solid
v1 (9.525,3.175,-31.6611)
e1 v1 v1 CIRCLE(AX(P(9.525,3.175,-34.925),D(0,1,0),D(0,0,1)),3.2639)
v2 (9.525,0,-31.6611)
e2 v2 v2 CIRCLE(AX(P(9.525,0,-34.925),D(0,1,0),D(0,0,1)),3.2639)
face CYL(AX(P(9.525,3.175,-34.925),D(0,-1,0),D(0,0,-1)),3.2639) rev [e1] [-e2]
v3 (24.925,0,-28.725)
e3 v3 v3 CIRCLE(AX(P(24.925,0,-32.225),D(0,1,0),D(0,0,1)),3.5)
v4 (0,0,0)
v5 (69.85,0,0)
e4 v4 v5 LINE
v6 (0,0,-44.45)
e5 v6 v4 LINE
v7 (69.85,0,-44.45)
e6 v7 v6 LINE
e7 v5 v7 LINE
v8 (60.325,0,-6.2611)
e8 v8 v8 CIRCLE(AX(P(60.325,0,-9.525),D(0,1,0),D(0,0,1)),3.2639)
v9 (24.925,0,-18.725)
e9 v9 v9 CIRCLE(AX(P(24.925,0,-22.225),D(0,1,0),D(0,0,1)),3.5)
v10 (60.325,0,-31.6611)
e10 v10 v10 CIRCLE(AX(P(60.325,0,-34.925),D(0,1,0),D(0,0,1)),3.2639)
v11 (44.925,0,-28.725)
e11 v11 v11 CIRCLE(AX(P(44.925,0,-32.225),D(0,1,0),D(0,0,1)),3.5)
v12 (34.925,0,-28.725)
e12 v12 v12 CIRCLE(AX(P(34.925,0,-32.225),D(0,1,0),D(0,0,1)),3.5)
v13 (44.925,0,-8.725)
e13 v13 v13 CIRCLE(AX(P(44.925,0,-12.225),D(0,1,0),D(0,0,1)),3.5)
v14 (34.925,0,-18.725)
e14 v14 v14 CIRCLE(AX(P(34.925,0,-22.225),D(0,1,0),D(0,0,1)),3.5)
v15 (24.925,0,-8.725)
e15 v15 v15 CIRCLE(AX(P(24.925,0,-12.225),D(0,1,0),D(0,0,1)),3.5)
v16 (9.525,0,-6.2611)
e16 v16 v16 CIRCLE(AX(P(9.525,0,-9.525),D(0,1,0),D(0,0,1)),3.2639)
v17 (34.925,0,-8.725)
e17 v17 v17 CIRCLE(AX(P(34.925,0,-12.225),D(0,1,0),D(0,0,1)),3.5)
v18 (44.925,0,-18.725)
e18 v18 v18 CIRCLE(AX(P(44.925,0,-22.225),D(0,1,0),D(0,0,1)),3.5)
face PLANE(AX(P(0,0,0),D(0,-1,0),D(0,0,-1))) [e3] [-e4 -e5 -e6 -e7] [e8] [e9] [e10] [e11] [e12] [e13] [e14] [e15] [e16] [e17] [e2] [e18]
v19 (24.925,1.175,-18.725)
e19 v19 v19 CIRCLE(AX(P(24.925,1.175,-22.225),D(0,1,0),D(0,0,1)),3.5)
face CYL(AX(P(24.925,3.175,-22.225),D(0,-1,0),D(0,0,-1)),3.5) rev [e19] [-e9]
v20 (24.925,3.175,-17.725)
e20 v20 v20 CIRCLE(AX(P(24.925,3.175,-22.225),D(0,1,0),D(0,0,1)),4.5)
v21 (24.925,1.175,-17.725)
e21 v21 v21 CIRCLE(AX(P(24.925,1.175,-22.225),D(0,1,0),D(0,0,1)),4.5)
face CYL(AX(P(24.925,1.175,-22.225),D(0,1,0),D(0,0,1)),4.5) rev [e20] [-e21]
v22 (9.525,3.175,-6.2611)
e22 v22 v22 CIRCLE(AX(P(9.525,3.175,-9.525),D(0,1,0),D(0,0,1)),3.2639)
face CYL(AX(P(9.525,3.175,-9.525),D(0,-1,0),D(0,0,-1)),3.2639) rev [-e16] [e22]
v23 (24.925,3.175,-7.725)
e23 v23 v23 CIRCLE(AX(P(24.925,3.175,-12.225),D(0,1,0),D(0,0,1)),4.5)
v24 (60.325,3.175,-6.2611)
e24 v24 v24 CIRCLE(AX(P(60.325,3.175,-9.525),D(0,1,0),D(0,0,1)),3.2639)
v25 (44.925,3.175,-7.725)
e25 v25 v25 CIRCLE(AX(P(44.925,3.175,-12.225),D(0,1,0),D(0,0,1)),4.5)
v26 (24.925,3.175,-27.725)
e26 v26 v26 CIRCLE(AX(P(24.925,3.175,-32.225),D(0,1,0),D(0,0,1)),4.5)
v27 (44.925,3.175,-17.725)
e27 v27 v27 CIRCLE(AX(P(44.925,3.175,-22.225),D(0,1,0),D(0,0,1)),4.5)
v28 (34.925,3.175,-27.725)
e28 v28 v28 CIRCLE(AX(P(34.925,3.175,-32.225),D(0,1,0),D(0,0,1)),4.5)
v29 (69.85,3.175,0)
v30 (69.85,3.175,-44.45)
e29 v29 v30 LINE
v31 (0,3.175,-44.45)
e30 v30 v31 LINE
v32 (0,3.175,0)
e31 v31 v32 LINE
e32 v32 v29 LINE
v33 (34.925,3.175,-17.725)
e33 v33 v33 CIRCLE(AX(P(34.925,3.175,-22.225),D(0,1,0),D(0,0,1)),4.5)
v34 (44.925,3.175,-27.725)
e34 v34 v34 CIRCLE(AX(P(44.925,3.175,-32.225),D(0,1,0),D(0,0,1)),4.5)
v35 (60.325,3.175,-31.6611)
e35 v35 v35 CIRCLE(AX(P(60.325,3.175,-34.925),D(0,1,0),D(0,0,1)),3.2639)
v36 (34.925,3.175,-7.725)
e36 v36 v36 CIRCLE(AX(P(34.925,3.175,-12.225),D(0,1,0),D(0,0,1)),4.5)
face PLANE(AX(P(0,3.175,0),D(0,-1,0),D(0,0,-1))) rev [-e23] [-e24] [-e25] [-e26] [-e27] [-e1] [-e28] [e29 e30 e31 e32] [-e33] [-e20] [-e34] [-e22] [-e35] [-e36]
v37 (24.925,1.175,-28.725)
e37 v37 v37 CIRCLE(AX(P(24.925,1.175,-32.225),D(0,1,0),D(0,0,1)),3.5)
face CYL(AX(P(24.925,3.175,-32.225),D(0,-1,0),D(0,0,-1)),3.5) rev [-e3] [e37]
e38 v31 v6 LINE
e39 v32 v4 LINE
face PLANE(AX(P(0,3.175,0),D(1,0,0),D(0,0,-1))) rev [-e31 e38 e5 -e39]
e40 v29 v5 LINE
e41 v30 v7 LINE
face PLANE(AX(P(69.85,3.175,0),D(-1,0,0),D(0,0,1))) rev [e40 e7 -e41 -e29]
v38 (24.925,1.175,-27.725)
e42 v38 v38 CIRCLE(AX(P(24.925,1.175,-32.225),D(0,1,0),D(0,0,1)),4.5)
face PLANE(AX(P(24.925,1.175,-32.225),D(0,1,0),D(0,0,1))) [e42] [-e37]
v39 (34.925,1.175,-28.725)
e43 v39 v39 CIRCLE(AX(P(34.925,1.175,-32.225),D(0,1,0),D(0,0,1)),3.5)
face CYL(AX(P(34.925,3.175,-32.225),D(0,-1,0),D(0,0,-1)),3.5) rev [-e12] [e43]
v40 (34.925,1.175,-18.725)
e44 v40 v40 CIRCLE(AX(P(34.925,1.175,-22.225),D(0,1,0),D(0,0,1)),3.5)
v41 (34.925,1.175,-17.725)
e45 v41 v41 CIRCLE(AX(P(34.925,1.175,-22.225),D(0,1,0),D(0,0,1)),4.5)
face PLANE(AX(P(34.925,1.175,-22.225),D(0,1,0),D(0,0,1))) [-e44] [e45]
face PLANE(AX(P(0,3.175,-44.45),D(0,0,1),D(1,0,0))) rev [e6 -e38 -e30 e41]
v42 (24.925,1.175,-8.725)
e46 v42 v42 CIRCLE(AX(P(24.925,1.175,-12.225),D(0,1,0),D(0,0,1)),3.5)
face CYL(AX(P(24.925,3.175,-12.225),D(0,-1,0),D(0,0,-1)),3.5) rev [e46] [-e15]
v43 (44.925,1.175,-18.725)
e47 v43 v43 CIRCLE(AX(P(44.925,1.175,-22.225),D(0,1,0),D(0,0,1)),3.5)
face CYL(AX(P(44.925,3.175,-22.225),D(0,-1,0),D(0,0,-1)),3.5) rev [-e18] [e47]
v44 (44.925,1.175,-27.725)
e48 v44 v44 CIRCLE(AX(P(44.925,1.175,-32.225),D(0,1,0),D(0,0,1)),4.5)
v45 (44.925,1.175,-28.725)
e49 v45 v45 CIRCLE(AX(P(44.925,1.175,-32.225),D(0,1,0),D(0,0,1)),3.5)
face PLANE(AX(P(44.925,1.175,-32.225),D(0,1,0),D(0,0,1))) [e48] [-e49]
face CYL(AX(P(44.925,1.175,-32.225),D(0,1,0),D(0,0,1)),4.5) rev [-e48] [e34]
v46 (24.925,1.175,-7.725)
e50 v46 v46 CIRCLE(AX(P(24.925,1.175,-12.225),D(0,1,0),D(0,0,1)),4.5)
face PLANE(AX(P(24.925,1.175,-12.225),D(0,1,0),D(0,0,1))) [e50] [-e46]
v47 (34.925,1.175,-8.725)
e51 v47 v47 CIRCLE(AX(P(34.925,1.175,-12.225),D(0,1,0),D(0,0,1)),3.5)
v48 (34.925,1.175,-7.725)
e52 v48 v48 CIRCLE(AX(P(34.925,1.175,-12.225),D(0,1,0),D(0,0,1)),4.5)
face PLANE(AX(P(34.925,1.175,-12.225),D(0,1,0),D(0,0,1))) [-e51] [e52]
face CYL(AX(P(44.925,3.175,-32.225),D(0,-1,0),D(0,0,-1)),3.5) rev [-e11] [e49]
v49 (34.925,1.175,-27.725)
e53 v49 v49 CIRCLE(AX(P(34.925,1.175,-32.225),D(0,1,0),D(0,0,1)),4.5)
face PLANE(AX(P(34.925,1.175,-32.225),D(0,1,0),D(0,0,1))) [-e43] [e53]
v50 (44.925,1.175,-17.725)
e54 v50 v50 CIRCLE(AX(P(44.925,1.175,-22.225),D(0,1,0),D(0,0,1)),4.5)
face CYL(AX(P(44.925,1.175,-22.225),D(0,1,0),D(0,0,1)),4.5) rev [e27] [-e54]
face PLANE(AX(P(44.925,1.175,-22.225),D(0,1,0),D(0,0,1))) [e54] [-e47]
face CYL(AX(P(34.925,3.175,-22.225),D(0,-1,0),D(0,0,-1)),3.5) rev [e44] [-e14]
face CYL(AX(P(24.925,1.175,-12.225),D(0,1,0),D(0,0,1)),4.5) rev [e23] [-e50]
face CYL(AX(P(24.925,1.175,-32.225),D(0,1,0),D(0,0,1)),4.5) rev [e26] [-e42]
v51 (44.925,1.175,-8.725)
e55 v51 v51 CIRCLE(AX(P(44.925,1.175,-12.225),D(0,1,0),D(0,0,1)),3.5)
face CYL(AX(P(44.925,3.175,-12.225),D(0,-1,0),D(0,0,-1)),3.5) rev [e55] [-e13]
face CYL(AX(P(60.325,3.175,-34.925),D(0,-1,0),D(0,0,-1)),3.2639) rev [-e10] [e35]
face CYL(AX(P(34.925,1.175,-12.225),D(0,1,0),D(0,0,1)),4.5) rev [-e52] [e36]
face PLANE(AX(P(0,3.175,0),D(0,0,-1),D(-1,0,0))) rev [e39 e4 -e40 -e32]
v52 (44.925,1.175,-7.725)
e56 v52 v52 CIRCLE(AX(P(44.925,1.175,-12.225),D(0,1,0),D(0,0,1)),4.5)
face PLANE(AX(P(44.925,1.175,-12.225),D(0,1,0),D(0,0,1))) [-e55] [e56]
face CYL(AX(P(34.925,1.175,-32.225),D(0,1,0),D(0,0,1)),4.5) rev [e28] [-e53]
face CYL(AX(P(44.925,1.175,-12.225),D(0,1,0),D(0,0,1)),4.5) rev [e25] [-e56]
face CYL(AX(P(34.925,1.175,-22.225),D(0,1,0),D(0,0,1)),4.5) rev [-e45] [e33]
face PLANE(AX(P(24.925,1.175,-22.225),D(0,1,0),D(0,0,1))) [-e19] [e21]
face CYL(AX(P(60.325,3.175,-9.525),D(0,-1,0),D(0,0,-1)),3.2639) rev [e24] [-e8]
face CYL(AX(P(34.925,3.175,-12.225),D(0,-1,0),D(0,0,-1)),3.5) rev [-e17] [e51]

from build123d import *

# Parameters (mm, degrees)
SKETCH1_W           = 69.85
SKETCH1_H           = 44.45
SKETCH1_R           = 3.2639
SKETCH1_R_2         = 3.5
BOSS_EXTRUDE1_DEPTH = 3.175
SKETCH2_R           = 4.5
CUT_EXTRUDE1_DEPTH  = 2


with BuildPart() as part:
    # Sketch1 → Boss-Extrude1 (new body)
    with BuildSketch(Plane(origin=(0, 0, 0), x_dir=(1, 0, 0), z_dir=(0, 1, 0))):
        with Locations((34.925, 22.225)):
            Rectangle(SKETCH1_W, SKETCH1_H)
        with Locations((9.525, 34.925)):
            Circle(SKETCH1_R, mode=Mode.SUBTRACT)
        with Locations((60.325, 34.925)):
            Circle(SKETCH1_R, mode=Mode.SUBTRACT)
        with Locations((9.525, 9.525)):
            Circle(SKETCH1_R, mode=Mode.SUBTRACT)
        with Locations((60.325, 9.525)):
            Circle(SKETCH1_R, mode=Mode.SUBTRACT)
        with Locations((44.925, 32.225)):
            Circle(SKETCH1_R_2, mode=Mode.SUBTRACT)
        with Locations((34.925, 32.225)):
            Circle(SKETCH1_R_2, mode=Mode.SUBTRACT)
        with Locations((24.925, 32.225)):
            Circle(SKETCH1_R_2, mode=Mode.SUBTRACT)
        with Locations((34.925, 22.225)):
            Circle(SKETCH1_R_2, mode=Mode.SUBTRACT)
        with Locations((24.925, 22.225)):
            Circle(SKETCH1_R_2, mode=Mode.SUBTRACT)
        with Locations((34.925, 12.225)):
            Circle(SKETCH1_R_2, mode=Mode.SUBTRACT)
        with Locations((24.925, 12.225)):
            Circle(SKETCH1_R_2, mode=Mode.SUBTRACT)
        with Locations((44.925, 22.225)):
            Circle(SKETCH1_R_2, mode=Mode.SUBTRACT)
        with Locations((44.925, 12.225)):
            Circle(SKETCH1_R_2, mode=Mode.SUBTRACT)
    extrude(amount=BOSS_EXTRUDE1_DEPTH)

    # Sketch2 → Cut-Extrude1 (cut)
    with BuildSketch(Plane(origin=(0, 3.175, 0), x_dir=(1, 0, 0), z_dir=(0, 1, 0))):
        with Locations((44.925, 12.225)):
            Circle(SKETCH2_R)
        with Locations((34.925, 12.225)):
            Circle(SKETCH2_R)
        with Locations((24.925, 12.225)):
            Circle(SKETCH2_R)
        with Locations((34.925, 22.225)):
            Circle(SKETCH2_R)
        with Locations((24.925, 22.225)):
            Circle(SKETCH2_R)
        with Locations((34.925, 32.225)):
            Circle(SKETCH2_R)
        with Locations((24.925, 32.225)):
            Circle(SKETCH2_R)
        with Locations((44.925, 22.225)):
            Circle(SKETCH2_R)
        with Locations((44.925, 32.225)):
            Circle(SKETCH2_R)
    extrude(amount=-CUT_EXTRUDE1_DEPTH, mode=Mode.SUBTRACT)


solid = part.part
